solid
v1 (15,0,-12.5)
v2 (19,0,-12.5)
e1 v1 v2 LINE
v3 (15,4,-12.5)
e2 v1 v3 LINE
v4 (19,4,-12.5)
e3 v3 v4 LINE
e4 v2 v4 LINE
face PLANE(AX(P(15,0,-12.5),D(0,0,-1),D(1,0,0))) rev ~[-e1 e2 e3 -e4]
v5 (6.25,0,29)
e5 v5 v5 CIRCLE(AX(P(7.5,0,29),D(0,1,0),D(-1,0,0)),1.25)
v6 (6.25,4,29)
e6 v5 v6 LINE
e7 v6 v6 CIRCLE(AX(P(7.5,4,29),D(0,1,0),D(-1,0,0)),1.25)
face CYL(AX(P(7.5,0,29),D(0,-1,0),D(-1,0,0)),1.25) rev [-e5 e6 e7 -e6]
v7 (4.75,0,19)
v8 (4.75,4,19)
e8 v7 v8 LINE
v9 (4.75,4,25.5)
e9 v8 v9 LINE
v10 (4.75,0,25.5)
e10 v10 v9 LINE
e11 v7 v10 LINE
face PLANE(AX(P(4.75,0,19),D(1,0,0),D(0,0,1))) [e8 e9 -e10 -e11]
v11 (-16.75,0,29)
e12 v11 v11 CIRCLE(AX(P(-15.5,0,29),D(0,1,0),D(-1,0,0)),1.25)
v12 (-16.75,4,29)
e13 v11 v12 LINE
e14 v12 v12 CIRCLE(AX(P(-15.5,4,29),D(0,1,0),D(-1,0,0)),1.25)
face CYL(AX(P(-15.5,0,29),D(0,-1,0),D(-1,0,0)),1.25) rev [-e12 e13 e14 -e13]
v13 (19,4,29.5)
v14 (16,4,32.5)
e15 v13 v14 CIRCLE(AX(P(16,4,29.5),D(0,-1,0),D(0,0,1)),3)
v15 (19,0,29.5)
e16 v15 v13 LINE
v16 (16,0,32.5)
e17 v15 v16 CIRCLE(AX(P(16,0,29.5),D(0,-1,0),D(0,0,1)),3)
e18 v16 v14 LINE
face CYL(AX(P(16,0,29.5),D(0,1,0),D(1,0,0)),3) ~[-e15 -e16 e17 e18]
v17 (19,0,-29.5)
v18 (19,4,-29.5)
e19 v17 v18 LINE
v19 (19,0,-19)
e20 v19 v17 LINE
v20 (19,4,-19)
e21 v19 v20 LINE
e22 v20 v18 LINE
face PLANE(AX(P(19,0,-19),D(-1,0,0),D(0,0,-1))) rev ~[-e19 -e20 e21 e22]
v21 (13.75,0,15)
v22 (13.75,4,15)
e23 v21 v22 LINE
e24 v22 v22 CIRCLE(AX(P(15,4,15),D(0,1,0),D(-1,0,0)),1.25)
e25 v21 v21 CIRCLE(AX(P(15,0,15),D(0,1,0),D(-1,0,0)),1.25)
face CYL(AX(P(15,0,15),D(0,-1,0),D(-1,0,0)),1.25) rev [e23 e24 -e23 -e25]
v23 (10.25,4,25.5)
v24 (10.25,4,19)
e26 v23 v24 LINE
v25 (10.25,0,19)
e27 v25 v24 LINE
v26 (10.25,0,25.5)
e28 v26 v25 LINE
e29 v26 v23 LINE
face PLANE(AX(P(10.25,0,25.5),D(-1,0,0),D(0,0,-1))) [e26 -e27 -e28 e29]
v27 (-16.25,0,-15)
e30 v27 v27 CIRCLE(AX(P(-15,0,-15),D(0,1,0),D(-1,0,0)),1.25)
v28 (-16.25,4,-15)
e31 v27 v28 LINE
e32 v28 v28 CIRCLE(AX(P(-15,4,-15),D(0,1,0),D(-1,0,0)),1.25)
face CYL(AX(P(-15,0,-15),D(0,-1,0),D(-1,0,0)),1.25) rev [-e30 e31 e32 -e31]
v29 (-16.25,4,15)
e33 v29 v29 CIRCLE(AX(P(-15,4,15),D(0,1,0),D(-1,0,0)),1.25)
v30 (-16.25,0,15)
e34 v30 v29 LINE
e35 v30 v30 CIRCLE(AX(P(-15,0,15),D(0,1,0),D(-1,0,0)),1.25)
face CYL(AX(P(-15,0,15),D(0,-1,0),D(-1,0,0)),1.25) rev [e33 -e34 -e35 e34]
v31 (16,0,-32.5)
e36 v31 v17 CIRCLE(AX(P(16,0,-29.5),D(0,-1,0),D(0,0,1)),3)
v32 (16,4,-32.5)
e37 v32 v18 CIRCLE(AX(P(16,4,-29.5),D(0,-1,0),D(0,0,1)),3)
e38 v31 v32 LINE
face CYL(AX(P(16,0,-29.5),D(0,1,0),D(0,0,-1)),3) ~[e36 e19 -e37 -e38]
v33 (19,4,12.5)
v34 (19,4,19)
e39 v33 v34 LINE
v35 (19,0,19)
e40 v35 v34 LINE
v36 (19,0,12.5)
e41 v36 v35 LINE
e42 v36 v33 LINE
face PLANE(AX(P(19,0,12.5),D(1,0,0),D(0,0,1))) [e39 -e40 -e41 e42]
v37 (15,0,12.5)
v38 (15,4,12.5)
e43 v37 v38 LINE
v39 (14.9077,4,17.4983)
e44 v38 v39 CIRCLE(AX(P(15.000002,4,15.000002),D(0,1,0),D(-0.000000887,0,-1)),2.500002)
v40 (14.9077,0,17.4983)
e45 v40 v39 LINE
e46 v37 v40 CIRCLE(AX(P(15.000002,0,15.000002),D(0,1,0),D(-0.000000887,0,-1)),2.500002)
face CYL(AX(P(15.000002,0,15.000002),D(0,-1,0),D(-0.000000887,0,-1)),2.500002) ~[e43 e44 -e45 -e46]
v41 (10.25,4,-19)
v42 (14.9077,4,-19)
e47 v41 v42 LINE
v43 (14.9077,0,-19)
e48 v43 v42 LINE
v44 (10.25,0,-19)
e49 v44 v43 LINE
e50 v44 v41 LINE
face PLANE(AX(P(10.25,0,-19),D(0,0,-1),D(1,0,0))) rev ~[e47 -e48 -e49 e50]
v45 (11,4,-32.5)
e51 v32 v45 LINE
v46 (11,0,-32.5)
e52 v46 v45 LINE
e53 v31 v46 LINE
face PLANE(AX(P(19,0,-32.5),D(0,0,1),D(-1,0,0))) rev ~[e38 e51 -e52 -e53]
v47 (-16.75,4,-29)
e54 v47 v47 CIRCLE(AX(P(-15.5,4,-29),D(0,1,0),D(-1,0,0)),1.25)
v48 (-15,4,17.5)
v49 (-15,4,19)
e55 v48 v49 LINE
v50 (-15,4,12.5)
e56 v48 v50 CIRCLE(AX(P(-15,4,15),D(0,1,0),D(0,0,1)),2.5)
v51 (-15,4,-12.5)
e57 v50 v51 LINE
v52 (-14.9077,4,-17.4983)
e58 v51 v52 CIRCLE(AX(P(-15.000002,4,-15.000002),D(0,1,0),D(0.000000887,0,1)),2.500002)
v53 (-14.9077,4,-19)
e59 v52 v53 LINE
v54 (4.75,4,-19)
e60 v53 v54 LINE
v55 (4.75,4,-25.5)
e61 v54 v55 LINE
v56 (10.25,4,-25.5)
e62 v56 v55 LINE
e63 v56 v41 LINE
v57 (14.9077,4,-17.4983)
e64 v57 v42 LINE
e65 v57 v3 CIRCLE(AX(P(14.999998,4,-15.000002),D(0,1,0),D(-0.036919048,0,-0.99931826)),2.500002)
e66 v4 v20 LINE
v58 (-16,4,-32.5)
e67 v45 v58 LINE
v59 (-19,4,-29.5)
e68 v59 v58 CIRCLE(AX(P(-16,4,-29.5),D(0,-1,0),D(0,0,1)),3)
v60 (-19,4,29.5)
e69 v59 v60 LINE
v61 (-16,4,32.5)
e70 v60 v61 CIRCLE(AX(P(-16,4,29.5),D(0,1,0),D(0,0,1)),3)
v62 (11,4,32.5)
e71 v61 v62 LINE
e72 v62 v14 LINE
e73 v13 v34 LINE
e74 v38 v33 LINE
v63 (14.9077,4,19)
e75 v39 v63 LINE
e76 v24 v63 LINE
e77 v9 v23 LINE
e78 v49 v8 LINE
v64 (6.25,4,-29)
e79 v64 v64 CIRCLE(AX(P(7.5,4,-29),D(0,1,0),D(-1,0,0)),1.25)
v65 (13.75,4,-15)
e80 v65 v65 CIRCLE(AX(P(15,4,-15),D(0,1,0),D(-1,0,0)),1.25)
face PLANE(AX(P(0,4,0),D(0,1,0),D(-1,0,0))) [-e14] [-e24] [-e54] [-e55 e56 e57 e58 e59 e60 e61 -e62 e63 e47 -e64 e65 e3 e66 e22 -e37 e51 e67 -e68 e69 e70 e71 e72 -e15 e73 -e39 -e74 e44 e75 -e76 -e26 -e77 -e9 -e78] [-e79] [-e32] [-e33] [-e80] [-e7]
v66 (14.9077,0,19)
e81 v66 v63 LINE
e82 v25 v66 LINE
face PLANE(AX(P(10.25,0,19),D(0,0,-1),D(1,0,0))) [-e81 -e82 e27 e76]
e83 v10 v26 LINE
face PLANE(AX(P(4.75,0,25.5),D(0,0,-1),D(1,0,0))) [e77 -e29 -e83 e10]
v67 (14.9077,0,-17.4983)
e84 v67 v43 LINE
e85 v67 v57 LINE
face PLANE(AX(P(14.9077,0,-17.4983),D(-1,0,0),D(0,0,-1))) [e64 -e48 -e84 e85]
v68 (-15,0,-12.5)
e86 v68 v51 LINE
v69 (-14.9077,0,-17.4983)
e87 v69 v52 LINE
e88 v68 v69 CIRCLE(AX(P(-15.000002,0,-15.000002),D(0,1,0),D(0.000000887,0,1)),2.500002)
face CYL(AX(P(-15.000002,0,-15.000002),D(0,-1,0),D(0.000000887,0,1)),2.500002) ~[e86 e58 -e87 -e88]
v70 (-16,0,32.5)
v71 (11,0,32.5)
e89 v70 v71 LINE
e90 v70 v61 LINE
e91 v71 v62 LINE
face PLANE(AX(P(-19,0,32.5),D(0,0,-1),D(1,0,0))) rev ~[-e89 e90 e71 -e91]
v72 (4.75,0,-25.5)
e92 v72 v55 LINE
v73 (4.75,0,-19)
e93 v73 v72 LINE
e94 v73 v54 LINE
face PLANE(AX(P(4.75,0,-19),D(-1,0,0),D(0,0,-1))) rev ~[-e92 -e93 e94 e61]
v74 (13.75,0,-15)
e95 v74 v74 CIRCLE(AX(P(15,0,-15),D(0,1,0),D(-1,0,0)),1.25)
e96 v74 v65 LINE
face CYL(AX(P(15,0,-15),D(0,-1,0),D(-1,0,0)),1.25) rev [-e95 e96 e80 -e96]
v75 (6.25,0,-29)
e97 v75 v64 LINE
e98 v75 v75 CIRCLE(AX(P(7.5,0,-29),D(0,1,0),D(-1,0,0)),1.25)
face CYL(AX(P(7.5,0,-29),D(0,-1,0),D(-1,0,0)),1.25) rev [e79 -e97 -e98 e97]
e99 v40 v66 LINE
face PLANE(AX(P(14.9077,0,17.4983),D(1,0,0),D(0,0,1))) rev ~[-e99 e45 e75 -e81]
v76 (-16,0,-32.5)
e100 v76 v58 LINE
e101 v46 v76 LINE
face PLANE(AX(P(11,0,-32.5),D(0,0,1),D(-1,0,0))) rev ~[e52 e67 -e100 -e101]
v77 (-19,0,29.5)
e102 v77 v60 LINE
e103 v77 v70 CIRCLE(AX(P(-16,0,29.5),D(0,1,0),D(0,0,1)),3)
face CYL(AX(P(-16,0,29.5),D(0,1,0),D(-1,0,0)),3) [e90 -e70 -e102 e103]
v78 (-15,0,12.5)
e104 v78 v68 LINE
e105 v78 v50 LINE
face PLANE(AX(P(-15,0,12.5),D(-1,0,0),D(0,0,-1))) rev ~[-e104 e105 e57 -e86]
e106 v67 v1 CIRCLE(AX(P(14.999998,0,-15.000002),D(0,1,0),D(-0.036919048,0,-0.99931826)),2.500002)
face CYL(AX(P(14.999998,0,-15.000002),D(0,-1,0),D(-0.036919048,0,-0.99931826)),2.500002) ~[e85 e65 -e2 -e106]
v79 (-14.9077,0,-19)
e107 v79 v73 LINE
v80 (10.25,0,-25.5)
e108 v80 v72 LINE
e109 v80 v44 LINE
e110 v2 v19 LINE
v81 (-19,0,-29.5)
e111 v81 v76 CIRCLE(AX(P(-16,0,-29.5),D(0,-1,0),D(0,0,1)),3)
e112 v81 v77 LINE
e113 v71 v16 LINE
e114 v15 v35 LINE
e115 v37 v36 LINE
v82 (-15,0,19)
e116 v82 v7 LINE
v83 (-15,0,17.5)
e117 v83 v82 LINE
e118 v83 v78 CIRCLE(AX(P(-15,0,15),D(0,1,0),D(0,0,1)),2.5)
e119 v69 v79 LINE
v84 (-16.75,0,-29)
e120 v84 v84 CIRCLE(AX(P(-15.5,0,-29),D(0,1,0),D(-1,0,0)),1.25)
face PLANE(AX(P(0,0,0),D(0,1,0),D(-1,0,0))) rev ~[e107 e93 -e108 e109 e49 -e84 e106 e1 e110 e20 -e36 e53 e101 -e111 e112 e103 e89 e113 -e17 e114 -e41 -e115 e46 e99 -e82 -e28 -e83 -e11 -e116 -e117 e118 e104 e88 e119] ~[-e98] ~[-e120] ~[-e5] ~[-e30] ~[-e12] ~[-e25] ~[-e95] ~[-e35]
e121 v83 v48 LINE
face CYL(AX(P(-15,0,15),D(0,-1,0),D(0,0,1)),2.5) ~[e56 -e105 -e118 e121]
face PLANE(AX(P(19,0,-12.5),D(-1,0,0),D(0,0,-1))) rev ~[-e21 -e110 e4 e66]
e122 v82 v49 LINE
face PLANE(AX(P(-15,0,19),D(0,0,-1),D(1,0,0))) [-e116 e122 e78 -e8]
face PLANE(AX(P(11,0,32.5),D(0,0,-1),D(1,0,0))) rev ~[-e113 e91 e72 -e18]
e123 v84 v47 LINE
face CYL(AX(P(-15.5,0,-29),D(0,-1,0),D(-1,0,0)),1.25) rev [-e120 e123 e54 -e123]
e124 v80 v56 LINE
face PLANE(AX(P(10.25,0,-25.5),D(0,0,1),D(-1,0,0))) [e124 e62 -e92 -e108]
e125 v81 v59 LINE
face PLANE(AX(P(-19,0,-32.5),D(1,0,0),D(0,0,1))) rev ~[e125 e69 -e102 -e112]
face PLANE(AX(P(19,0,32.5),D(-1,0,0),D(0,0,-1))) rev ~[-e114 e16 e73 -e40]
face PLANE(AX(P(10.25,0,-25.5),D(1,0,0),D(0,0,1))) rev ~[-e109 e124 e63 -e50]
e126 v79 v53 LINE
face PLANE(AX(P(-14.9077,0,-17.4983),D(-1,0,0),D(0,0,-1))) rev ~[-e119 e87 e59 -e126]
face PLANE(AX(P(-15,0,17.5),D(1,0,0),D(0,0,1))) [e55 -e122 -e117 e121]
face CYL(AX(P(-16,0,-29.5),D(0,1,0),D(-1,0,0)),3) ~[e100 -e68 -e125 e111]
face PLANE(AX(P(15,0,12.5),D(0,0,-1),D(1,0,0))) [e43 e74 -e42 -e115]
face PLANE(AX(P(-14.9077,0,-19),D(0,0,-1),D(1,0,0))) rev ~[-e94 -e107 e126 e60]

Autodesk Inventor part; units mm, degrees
ref_plane "YZ Plane" through (0, 0, 0) normal (1, 0, 0) x (0, 1, 0)
ref_plane "XZ Plane" through (0, 0, 0) normal (0, 1, 0) x (-1, 0, 0)
ref_plane "XY Plane" through (0, 0, 0) normal (0, 0, 1) x (1, 0, 0)
sketch "Sketch1" plane through (0, 0, 0) normal (0, 1, 0) x (-1, 0, 0)
  line L0 (19, 32.5) -> (-11, 32.5)
  line L1 (-11, -32.5) -> (19, -32.5)
  line L2 (19, -32.5) -> (19, 32.5)
  line L3 (19, 32.5) -> (-19, -32.5) construction
  line L4 (-19, 32.5) -> (19, -32.5) construction
  line L5 (19, 19) -> (-19, 19) construction
  line L6 (-19, 19) -> (-19, -19) construction
  line L7 (-19, -19) -> (19, -19) construction
  line L8 (19, -19) -> (19, 19) construction
  line L9 (19, 19) -> (-19, -19) construction
  line L10 (-19, 19) -> (19, -19) construction
  line L11 (19, 32.5) -> (-11, 32.5) construction
  line L12 (-11, 32.5) -> (-11, -32.5) construction
  line L13 (-11, -32.5) -> (19, -32.5) construction
  line L14 (19, -32.5) -> (19, 32.5) construction
  line L15 (-21.9768, -11.3147) -> (-19, 12.5) construction
  line L16 (15.5, 29) -> (-7.5, 29) construction
  line L17 (-7.5, 29) -> (-7.5, -29) construction
  line L18 (-7.5, -29) -> (15.5, -29) construction
  line L19 (15.5, -29) -> (15.5, 29) construction
  line L20 (15, 15) -> (-15, 15) construction
  line L21 (-15, 15) -> (-15, -15) construction
  line L22 (-15, -15) -> (15, -15) construction
  line L23 (15, -15) -> (15, 15) construction
  line L24 (15, 15) -> (-15, -15) construction
  line L25 (-15, 15) -> (15, -15) construction
  circle A0 centre (15, 15) radius 1.25
  circle A1 centre (15, -15) radius 1.25
  circle A2 centre (-15, -15) radius 1.25
  circle A3 centre (-15, 15) radius 1.25
  circle A4 centre (-7.5, 29) radius 1.25
  circle A5 centre (15.5, 29) radius 1.25
  circle A6 centre (15.5, -29) radius 1.25
  circle A7 centre (-7.5, -29) radius 1.25
  circle A8 centre (0, 12) radius 2.5 construction
  circle A9 centre (0, -12) radius 2.5 construction
  line L26 (-4.75, 25.5) -> (-10.25, 25.5)
  line L27 (-10.25, 25.5) -> (-10.25, -25.5) construction
  line L28 (-10.25, -25.5) -> (-4.75, -25.5)
  line L29 (-4.75, -25.5) -> (-4.75, 25.5) construction
  line L30 (-4.75, 25.5) -> (-10.25, -25.5) construction
  line L31 (-10.25, 25.5) -> (-4.75, -25.5) construction
  line L32 (-11, 32.5) -> (-19, 32.5)
  line L33 (-19, 32.5) -> (-19, 19)
  line L34 (-19, -19) -> (-19, -32.5)
  line L35 (-19, -32.5) -> (-11, -32.5)
  arc A10 (-14.9077, -17.4983) -> (-15, -12.5) centre (-15, -15) ccw
  arc A11 (-15, 12.5) -> (-14.9077, 17.4983) centre (-15, 15) ccw
  line L36 (-15, 12.5) -> (-19, 12.5)
  line L37 (-19, 12.5) -> (-19, 19)
  line L38 (-15, -12.5) -> (-19, -12.5)
  line L39 (-19, -12.5) -> (-19, -19)
  line L40 (-14.9077, -17.4983) -> (-14.9077, -19)
  line L41 (-14.9077, 17.4983) -> (-14.9077, 19)
  arc A12 (15, 17.5) -> (15, 12.5) centre (15, 15) ccw
  line L42 (15, 12.5) -> (15, -12.5)
  line L43 (15, 17.5) -> (15, 19)
  line L44 (15, 19) -> (-4.75, 19)
  line L45 (-4.75, 19) -> (-4.75, 25.5)
  line L46 (-10.25, 25.5) -> (-10.25, 19)
  line L47 (-10.25, 19) -> (-14.9077, 19)
  line L48 (14.9077, -17.4983) -> (14.9077, -19)
  line L49 (14.9077, -19) -> (-4.75, -19)
  line L50 (-4.75, -19) -> (-4.75, -25.5)
  line L51 (-10.25, -25.5) -> (-10.25, -19)
  line L52 (-10.25, -19) -> (-14.9077, -19)
  arc A13 (15, -12.5) -> (14.9077, -17.4983) centre (15, -15) ccw
  point P0 (0, 0)
  point P1 (-7.5, 0)
  dimension "d0" = 38
  dimension "d2" = 38
  dimension "d3" = 38
  dimension "d4" = 30
  dimension "d8" = 65
  dimension "d9" = 23
  dimension "d10" = 58
  dimension "d11" = 3.5
  dimension "d13" = 3.5
  dimension "d14" = 2.5
  dimension "d15" = 2.5
  dimension "d16" = 2.5
  dimension "d17" = 2.5
  dimension "d18" = 2.5
  dimension "d19" = 2.5
  dimension "d20" = 2.5
  dimension "d21" = 2.5
  dimension "d22" = 5
  dimension "d23" = 5
  dimension "d24" = 7
  dimension "d25" = 7
  dimension "d31" = 5
  dimension "d32" = 5
  dimension "d33" = 4
  dimension "d34" = 5
  dimension "d36" = 5.5
  dimension "d37" = 51
extrude "Extrusion1" add sketch "Sketch1" along normal blind 4
fillet "Fillet1" radius 3 4 edges at (-19, 2, 32.5) (19, 2, 32.5) (19, 2, -32.5) (-19, 2, -32.5)
properties part number "coupler"
